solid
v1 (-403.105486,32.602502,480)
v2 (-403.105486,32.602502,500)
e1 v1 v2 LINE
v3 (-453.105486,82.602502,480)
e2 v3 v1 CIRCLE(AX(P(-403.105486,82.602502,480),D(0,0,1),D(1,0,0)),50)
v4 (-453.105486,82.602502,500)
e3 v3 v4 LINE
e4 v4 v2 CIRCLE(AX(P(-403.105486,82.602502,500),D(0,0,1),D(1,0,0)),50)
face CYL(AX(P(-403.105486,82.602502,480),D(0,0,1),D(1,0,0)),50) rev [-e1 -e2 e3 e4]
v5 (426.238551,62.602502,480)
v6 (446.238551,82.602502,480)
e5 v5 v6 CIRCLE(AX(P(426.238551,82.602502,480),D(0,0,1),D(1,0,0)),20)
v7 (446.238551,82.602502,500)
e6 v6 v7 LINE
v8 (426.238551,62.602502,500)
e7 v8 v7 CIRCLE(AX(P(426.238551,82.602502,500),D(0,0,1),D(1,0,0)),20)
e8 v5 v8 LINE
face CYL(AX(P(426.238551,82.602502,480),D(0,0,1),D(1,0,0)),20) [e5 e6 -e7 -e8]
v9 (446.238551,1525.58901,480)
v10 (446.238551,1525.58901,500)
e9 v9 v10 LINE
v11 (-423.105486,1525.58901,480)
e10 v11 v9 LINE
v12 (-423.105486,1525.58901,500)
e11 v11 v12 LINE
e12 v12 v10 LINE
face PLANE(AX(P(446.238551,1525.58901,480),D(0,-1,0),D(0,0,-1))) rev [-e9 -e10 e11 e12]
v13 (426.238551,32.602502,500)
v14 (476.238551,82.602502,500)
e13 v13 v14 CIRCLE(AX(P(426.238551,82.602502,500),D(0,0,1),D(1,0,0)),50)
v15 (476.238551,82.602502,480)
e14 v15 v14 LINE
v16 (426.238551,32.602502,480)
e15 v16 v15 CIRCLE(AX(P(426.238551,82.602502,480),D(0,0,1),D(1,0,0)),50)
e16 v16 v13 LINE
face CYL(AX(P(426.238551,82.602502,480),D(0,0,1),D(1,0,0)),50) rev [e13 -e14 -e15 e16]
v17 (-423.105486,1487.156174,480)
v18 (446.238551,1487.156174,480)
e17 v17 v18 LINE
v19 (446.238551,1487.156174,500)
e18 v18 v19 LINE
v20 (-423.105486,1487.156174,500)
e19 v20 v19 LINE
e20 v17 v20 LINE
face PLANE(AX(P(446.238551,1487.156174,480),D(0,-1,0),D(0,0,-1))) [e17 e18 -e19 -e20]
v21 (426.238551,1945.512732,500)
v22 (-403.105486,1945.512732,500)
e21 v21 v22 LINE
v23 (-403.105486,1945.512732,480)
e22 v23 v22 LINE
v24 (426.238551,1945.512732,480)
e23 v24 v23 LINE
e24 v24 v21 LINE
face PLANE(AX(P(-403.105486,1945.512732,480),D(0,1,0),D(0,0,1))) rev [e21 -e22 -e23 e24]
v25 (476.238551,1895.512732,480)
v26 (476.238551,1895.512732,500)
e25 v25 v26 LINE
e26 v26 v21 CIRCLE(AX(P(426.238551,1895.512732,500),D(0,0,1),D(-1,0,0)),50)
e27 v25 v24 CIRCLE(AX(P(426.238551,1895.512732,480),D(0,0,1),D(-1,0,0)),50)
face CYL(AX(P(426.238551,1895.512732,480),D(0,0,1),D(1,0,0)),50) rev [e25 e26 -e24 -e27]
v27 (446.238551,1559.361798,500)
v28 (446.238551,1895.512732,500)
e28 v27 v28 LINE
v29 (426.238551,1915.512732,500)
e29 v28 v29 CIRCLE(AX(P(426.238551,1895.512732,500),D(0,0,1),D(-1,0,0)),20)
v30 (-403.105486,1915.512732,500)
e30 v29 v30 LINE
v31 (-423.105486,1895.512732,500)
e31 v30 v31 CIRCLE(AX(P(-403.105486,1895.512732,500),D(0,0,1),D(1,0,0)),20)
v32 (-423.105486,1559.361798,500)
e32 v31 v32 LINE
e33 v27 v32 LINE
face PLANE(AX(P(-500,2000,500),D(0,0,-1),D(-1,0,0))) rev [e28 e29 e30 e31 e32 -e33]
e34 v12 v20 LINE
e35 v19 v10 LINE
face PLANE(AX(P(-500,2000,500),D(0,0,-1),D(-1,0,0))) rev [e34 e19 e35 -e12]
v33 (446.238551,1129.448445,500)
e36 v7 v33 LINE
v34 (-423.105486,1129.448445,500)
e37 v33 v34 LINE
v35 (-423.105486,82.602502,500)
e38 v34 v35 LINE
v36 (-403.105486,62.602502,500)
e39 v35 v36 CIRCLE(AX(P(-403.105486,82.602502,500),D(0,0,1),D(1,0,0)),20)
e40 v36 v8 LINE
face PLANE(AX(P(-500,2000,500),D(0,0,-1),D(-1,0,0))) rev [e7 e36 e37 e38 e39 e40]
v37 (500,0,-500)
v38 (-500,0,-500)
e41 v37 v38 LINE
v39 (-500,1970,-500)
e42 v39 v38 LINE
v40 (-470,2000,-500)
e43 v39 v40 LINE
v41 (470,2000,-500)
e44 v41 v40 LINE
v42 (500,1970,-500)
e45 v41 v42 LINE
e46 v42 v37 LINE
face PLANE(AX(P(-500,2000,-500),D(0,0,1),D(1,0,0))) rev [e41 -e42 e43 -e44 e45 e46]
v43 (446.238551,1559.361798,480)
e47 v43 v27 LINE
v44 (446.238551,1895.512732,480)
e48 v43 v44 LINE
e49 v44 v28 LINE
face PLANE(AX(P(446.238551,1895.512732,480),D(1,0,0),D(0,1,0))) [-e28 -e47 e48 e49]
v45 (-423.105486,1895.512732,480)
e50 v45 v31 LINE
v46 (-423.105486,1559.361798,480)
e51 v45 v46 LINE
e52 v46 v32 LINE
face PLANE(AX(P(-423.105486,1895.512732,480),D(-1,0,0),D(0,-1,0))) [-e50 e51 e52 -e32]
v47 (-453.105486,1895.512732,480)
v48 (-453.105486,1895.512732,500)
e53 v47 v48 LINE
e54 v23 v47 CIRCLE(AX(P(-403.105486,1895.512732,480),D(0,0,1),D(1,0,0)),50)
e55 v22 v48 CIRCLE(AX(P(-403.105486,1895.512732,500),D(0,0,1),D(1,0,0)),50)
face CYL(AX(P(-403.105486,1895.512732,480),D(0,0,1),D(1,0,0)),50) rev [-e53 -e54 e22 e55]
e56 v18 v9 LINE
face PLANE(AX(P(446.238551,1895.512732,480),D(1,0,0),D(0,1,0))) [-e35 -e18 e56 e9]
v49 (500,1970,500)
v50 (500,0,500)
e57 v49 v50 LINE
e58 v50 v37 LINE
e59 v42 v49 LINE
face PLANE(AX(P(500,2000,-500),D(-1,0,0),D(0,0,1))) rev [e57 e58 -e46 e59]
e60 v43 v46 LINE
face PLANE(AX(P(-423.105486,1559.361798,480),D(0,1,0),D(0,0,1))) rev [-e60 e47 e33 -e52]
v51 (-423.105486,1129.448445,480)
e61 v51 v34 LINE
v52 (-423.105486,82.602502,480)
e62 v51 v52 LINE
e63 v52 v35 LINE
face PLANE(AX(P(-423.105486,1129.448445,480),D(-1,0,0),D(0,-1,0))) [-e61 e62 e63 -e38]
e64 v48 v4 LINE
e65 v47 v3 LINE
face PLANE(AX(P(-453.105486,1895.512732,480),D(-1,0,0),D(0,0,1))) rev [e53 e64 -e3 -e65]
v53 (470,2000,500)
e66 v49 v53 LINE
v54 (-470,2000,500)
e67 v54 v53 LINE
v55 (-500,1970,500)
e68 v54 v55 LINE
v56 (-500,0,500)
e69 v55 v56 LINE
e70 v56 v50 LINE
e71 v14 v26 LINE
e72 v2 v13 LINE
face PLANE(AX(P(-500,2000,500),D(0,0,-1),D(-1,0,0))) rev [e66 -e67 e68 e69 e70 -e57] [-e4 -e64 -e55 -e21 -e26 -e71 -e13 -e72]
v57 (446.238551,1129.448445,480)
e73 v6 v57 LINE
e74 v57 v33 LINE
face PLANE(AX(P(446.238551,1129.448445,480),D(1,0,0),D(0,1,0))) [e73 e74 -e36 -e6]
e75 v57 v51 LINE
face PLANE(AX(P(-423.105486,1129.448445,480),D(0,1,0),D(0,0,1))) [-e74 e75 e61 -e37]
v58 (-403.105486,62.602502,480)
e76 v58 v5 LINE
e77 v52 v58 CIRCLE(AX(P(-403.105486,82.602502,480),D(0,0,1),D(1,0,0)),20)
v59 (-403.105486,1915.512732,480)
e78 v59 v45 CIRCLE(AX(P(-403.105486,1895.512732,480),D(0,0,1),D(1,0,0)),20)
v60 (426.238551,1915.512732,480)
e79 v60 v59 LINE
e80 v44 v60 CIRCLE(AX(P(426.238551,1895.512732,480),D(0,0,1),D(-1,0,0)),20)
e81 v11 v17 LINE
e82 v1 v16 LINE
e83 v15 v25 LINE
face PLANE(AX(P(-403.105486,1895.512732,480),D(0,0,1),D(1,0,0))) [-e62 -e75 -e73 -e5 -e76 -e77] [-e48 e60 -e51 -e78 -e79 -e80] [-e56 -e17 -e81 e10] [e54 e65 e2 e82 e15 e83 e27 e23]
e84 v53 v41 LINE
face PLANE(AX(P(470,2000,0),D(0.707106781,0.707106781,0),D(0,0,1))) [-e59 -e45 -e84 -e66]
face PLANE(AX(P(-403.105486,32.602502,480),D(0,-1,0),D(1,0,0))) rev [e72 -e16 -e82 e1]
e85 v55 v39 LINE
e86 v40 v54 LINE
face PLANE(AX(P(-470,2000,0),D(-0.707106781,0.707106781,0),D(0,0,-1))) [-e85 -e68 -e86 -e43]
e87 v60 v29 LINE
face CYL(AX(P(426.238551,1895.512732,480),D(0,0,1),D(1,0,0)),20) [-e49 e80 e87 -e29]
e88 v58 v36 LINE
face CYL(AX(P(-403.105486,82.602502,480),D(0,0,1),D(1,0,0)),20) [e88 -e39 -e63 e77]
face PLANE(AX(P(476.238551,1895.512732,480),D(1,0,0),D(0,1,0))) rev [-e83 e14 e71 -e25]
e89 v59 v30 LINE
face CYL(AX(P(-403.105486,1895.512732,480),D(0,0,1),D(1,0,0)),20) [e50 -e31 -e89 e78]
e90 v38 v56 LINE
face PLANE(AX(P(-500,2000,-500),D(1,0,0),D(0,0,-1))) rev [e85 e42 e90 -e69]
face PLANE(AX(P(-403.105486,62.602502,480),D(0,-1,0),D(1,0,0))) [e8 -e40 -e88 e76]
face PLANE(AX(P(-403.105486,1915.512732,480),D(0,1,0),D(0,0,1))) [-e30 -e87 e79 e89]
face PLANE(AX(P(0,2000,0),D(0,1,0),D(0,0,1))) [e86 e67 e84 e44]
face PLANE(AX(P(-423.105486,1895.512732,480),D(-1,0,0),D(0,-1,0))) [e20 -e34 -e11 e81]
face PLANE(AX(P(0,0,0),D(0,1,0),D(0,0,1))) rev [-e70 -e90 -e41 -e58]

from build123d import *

# Parameters (mm, degrees)
CROQUIS1_W              = 1000
CROQUIS1_H              = 1000
SALIENTE_EXTRUIR1_DEPTH = 2000
CORTAR_EXTRUIR1_DEPTH   = 20
CROQUIS3_W              = 869.3440362
CROQUIS3_H              = 33.772787811
CORTAR_EXTRUIR2_DEPTH   = 20
CHAFL_N1_SIZE           = 30


with BuildPart() as part:
    # Croquis1 → Saliente-Extruir1 (new body)
    with BuildSketch(Plane(origin=(0, 0, 0), x_dir=(1, 0, 0), z_dir=(0, 1, 0))):
        Rectangle(CROQUIS1_W, CROQUIS1_H)
    extrude(amount=SALIENTE_EXTRUIR1_DEPTH)

    # Croquis2 → Cortar-Extruir1 (cut)
    with BuildSketch(Plane.XY.offset(500)):
        with BuildLine():
            Line((-453.105485689, 1895.512731964), (-453.105485689, 82.602501534))
            ThreePointArc((-453.105485689, 82.602501534), (-438.460824748, 47.247162475), (-403.105485689, 32.602501534))
            Line((-403.105485689, 32.602501534), (426.238550511, 32.602501534))
            ThreePointArc((426.238550511, 32.602501534), (461.59388957, 47.247162475), (476.238550511, 82.602501534))
            Line((476.238550511, 82.602501534), (476.238550511, 1895.512731964))
            ThreePointArc((476.238550511, 1895.512731964), (461.59388957, 1930.868071024), (426.238550511, 1945.512731964))
            Line((426.238550511, 1945.512731964), (-403.105485689, 1945.512731964))
            ThreePointArc((-403.105485689, 1945.512731964), (-438.460824748, 1930.868071024), (-453.105485689, 1895.512731964))
        make_face()
        with BuildLine():
            Line((-403.105485689, 1915.512731964), (426.238550511, 1915.512731964))
            ThreePointArc((426.238550511, 1915.512731964), (440.380686134, 1909.654867588), (446.238550511, 1895.512731964))
            Line((446.238550511, 1895.512731964), (446.238550511, 1487.15617354))
            Line((446.238550511, 1487.15617354), (-423.105485689, 1487.15617354))
            Line((-423.105485689, 1487.15617354), (-423.105485689, 1895.512731964))
            ThreePointArc((-423.105485689, 1895.512731964), (-417.247621312, 1909.654867588), (-403.105485689, 1915.512731964))
        make_face(mode=Mode.SUBTRACT)
        with BuildLine():
            Line((-403.105485689, 62.602501534), (426.238550511, 62.602501534))
            ThreePointArc((426.238550511, 62.602501534), (440.380686134, 68.460365911), (446.238550511, 82.602501534))
            Line((446.238550511, 82.602501534), (446.238550511, 1129.448445192))
            Line((446.238550511, 1129.448445192), (-423.105485689, 1129.448445192))
            Line((-423.105485689, 1129.448445192), (-423.105485689, 82.602501534))
            ThreePointArc((-423.105485689, 82.602501534), (-417.247621312, 68.460365911), (-403.105485689, 62.602501534))
        make_face(mode=Mode.SUBTRACT)
    extrude(amount=-CORTAR_EXTRUIR1_DEPTH, mode=Mode.SUBTRACT)

    # Croquis3 → Cortar-Extruir2 (cut)
    with BuildSketch(Plane.XY.offset(500)):
        with Locations((11.566532411, 1542.475404205)):
            Rectangle(CROQUIS3_W, CROQUIS3_H)
    extrude(amount=-CORTAR_EXTRUIR2_DEPTH, mode=Mode.SUBTRACT)

    # Chaflán1
    chafl_n1_edges = [part.edges().sort_by_distance(p)[0] for p in [
        (-500, 2000, 0),
        (500, 2000, 0),
    ]]
    chamfer(chafl_n1_edges, length=CHAFL_N1_SIZE)


solid = part.part
